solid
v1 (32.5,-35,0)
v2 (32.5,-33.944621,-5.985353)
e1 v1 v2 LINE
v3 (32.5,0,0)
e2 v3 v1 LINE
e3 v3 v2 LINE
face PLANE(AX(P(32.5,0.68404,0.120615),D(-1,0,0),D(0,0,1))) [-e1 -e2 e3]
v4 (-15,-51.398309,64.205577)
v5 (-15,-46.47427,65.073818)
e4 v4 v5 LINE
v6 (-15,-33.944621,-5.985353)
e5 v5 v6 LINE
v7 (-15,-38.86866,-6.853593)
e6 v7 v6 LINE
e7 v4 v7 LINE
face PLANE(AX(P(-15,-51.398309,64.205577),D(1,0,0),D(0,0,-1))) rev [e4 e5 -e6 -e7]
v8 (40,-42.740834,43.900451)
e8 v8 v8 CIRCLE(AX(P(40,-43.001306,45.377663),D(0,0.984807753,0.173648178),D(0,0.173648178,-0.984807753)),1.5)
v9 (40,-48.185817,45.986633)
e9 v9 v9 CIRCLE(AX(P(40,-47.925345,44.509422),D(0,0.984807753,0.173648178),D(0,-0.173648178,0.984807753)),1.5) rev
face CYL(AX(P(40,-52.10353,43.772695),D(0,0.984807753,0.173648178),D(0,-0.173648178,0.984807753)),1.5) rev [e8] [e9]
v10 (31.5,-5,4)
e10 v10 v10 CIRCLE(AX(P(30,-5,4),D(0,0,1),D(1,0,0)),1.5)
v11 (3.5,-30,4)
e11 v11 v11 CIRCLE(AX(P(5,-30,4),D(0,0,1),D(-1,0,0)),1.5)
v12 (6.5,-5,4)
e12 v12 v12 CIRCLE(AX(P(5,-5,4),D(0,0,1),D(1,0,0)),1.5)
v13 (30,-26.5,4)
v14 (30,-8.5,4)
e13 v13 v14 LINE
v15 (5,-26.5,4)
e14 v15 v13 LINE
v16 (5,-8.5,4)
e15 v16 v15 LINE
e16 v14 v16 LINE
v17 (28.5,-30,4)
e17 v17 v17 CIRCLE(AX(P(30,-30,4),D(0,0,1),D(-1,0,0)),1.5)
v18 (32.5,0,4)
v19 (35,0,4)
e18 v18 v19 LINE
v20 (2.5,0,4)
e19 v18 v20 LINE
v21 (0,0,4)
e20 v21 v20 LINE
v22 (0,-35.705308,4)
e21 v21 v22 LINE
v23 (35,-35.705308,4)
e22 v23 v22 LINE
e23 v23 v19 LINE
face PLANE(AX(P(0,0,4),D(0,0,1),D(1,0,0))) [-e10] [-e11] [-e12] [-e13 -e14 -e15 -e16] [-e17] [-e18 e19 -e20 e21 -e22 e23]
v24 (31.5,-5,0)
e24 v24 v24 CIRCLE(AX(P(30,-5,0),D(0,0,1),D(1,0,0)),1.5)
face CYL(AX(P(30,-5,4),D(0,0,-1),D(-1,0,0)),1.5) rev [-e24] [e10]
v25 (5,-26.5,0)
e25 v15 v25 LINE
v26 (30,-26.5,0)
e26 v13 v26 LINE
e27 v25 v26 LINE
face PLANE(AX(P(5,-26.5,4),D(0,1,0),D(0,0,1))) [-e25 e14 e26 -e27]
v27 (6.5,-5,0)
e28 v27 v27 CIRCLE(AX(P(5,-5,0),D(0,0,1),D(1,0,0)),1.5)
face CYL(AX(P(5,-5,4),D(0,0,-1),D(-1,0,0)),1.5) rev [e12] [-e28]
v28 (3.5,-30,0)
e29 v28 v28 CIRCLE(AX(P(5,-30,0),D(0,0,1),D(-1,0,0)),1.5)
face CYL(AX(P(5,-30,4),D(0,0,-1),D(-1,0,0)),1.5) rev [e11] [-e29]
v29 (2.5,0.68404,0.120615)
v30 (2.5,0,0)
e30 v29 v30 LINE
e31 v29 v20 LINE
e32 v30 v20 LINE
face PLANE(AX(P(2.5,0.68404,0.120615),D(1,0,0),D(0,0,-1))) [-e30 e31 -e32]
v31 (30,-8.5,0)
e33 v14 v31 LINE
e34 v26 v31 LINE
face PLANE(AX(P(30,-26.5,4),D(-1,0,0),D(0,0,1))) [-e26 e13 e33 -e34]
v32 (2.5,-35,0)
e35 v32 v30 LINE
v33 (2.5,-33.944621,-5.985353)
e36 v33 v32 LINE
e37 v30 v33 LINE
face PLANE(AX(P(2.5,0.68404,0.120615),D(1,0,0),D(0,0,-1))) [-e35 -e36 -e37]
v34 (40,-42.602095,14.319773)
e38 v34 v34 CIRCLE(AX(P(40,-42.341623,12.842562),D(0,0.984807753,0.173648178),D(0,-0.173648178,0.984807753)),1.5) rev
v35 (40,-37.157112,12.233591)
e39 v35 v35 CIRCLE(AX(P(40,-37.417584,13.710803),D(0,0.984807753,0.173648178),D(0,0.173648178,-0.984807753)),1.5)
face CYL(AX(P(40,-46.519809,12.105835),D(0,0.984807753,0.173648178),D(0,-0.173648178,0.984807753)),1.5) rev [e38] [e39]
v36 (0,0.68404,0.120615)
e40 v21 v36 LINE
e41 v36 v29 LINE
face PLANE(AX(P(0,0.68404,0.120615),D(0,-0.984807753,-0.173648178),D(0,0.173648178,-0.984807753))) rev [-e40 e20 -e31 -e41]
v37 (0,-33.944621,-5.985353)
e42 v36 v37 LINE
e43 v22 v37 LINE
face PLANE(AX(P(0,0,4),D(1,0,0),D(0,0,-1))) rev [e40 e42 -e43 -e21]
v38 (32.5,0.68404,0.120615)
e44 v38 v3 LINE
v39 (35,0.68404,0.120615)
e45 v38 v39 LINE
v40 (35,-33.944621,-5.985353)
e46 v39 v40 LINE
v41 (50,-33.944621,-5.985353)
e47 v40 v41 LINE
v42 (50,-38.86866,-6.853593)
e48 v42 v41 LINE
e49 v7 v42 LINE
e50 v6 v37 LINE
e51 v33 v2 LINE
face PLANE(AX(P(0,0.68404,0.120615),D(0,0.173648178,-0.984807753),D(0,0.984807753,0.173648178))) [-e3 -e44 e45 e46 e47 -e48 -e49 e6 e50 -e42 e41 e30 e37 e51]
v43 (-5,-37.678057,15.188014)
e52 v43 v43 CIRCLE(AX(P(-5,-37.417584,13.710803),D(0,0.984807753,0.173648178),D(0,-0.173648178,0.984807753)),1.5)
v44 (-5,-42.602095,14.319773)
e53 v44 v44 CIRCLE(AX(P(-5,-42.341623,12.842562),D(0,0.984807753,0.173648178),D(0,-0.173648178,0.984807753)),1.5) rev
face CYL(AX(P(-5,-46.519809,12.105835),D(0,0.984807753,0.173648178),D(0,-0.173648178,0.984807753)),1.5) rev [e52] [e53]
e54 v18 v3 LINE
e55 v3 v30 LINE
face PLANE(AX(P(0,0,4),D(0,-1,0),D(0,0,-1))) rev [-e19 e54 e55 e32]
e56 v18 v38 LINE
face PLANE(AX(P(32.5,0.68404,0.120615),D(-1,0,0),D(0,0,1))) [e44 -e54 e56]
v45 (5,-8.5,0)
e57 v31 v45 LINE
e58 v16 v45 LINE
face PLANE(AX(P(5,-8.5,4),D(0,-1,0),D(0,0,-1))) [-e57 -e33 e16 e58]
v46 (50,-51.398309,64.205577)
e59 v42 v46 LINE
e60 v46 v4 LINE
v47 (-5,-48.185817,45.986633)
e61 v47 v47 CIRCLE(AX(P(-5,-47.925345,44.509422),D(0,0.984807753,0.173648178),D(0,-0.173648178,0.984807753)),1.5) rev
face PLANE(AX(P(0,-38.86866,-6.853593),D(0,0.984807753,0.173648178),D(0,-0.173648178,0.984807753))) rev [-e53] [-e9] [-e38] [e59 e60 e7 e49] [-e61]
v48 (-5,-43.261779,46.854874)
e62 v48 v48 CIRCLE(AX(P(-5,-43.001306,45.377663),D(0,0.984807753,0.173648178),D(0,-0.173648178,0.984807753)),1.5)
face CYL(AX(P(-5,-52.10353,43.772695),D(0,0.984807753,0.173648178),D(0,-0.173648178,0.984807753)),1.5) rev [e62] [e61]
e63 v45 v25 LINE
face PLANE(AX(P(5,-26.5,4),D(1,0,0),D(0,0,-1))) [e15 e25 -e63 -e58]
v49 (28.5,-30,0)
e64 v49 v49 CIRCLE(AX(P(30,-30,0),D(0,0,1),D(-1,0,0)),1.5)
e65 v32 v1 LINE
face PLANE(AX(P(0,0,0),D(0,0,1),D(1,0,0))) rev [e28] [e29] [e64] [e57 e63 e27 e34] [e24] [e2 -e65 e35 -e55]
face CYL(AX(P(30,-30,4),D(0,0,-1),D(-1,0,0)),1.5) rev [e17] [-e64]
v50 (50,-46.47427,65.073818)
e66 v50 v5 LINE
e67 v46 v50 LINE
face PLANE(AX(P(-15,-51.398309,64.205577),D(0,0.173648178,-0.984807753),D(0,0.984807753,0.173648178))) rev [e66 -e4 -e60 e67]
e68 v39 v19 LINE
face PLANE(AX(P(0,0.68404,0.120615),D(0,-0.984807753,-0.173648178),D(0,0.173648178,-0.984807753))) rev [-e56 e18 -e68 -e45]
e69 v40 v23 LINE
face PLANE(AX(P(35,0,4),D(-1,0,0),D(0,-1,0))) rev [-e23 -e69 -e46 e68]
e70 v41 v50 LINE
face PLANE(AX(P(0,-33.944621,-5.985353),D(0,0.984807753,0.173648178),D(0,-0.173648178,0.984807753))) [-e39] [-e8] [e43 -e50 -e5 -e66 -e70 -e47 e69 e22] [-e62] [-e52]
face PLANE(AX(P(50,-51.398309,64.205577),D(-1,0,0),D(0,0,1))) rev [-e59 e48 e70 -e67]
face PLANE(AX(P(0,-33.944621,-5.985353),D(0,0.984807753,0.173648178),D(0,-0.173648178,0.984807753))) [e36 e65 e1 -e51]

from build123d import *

# Parameters (mm, degrees)
SKETCH_1_W          = 35
SKETCH_1_H          = 35
SKETCH_1_R          = 1.5
SKETCH_1_W_2        = 25
SKETCH_1_H_2        = 18
EXTRUDE_1_DEPTH     = 4
EXTRUDE_START       = -35.162864
SKETCH_3_W          = 2.5
SKETCH_3_H          = 6.077686218
EXTRUDE_2_DEPTH     = 35.162864
CUT_EXTRUDE_1_DEPTH = 35
SKETCH_5_W          = 65
SKETCH_5_H          = 72.155372437
EXTRUDE_3_DEPTH     = 5
EXTRUDE_4_DEPTH     = 35
SKETCH_7_R          = 1.5
CUT_EXTRUDE_2_DEPTH = 5


with BuildPart() as part:
    # 草图1 → 凸台-拉伸1 (new body)
    with BuildSketch(Plane.XY):
        with Locations((17.5, -17.5)):
            Rectangle(SKETCH_1_W, SKETCH_1_H)
        with Locations((5, -5)):
            Circle(SKETCH_1_R, mode=Mode.SUBTRACT)
        with Locations(Location((30, -30, 0), (0, 0, 180))):
            Circle(SKETCH_1_R, mode=Mode.SUBTRACT)
        with Locations((30, -5)):
            Circle(SKETCH_1_R, mode=Mode.SUBTRACT)
        with Locations(Location((5, -30, 0), (0, 0, 180))):
            Circle(SKETCH_1_R, mode=Mode.SUBTRACT)
        with Locations((17.5, -17.5)):
            Rectangle(SKETCH_1_W_2, SKETCH_1_H_2, mode=Mode.SUBTRACT)
    extrude(amount=EXTRUDE_1_DEPTH)

    # 草图3 → 凸台-拉伸2 (add)
    with BuildSketch(Plane(origin=(0, -33.944620864, -5.985352508), x_dir=(-1, 0, 0), z_dir=(0, -0.9848077530122076, -0.17364817766693394)).offset(EXTRUDE_START)):
        with Locations((-33.75, -3.038843109)):
            Rectangle(SKETCH_3_W, SKETCH_3_H)
        with Locations((-1.25, -3.038843109)):
            Rectangle(SKETCH_3_W, SKETCH_3_H)
    extrude(amount=EXTRUDE_2_DEPTH)

    # 草图4 → 切除-拉伸1 (cut)
    with BuildSketch(Plane(origin=(35, 0, 0), x_dir=(0, 0, -1), z_dir=(1, 0, 0))):
        Polygon((-4, 0), (-6.105967267, -0.37133885), (-4, -12.314872722), align=None)
    extrude(amount=-CUT_EXTRUDE_1_DEPTH, mode=Mode.SUBTRACT)



with BuildPart() as body_2:
    # 草图5 → 凸台-拉伸3 (new body)
    with BuildSketch(Plane(origin=(0, -33.944620864, -5.985352508), x_dir=(-1, 0, 0), z_dir=(0, -0.9848077530122076, -0.17364817766693394))):
        with Locations((-17.5, -36.077686219)):
            Rectangle(SKETCH_5_W, SKETCH_5_H)
    extrude(amount=EXTRUDE_3_DEPTH)


with BuildPart() as part_1:
    add(part.part)

    add(body_2.part)  # 凸台-拉伸4 merges body 2
    # 草图6 → 凸台-拉伸4 (add)
    with BuildSketch(Plane.ZY):
        Polygon((4, -35), (4, -35.705307923), (0, -35), align=None)
    extrude(amount=-EXTRUDE_4_DEPTH)

    # 草图7 → 切除-拉伸2 (cut)
    with BuildSketch(Plane(origin=(0, -33.944620864, -5.985352508), x_dir=(1, 0, 0), z_dir=(0, 0.9848077530122076, 0.17364817766693394))):
        with Locations(Location((-5, -20, 0), (0, 0, 270))):
            Circle(SKETCH_7_R)
        with Locations(Location((-5, -52.155372437, 0), (0, 0, 270))):
            Circle(SKETCH_7_R)
        with Locations(Location((40, -52.155372437, 0), (0, 0, 270))):
            Circle(SKETCH_7_R)
        with Locations(Location((40, -20, 0), (0, 0, 270))):
            Circle(SKETCH_7_R)
    extrude(amount=-CUT_EXTRUDE_2_DEPTH, mode=Mode.SUBTRACT)


solid = part_1.part
